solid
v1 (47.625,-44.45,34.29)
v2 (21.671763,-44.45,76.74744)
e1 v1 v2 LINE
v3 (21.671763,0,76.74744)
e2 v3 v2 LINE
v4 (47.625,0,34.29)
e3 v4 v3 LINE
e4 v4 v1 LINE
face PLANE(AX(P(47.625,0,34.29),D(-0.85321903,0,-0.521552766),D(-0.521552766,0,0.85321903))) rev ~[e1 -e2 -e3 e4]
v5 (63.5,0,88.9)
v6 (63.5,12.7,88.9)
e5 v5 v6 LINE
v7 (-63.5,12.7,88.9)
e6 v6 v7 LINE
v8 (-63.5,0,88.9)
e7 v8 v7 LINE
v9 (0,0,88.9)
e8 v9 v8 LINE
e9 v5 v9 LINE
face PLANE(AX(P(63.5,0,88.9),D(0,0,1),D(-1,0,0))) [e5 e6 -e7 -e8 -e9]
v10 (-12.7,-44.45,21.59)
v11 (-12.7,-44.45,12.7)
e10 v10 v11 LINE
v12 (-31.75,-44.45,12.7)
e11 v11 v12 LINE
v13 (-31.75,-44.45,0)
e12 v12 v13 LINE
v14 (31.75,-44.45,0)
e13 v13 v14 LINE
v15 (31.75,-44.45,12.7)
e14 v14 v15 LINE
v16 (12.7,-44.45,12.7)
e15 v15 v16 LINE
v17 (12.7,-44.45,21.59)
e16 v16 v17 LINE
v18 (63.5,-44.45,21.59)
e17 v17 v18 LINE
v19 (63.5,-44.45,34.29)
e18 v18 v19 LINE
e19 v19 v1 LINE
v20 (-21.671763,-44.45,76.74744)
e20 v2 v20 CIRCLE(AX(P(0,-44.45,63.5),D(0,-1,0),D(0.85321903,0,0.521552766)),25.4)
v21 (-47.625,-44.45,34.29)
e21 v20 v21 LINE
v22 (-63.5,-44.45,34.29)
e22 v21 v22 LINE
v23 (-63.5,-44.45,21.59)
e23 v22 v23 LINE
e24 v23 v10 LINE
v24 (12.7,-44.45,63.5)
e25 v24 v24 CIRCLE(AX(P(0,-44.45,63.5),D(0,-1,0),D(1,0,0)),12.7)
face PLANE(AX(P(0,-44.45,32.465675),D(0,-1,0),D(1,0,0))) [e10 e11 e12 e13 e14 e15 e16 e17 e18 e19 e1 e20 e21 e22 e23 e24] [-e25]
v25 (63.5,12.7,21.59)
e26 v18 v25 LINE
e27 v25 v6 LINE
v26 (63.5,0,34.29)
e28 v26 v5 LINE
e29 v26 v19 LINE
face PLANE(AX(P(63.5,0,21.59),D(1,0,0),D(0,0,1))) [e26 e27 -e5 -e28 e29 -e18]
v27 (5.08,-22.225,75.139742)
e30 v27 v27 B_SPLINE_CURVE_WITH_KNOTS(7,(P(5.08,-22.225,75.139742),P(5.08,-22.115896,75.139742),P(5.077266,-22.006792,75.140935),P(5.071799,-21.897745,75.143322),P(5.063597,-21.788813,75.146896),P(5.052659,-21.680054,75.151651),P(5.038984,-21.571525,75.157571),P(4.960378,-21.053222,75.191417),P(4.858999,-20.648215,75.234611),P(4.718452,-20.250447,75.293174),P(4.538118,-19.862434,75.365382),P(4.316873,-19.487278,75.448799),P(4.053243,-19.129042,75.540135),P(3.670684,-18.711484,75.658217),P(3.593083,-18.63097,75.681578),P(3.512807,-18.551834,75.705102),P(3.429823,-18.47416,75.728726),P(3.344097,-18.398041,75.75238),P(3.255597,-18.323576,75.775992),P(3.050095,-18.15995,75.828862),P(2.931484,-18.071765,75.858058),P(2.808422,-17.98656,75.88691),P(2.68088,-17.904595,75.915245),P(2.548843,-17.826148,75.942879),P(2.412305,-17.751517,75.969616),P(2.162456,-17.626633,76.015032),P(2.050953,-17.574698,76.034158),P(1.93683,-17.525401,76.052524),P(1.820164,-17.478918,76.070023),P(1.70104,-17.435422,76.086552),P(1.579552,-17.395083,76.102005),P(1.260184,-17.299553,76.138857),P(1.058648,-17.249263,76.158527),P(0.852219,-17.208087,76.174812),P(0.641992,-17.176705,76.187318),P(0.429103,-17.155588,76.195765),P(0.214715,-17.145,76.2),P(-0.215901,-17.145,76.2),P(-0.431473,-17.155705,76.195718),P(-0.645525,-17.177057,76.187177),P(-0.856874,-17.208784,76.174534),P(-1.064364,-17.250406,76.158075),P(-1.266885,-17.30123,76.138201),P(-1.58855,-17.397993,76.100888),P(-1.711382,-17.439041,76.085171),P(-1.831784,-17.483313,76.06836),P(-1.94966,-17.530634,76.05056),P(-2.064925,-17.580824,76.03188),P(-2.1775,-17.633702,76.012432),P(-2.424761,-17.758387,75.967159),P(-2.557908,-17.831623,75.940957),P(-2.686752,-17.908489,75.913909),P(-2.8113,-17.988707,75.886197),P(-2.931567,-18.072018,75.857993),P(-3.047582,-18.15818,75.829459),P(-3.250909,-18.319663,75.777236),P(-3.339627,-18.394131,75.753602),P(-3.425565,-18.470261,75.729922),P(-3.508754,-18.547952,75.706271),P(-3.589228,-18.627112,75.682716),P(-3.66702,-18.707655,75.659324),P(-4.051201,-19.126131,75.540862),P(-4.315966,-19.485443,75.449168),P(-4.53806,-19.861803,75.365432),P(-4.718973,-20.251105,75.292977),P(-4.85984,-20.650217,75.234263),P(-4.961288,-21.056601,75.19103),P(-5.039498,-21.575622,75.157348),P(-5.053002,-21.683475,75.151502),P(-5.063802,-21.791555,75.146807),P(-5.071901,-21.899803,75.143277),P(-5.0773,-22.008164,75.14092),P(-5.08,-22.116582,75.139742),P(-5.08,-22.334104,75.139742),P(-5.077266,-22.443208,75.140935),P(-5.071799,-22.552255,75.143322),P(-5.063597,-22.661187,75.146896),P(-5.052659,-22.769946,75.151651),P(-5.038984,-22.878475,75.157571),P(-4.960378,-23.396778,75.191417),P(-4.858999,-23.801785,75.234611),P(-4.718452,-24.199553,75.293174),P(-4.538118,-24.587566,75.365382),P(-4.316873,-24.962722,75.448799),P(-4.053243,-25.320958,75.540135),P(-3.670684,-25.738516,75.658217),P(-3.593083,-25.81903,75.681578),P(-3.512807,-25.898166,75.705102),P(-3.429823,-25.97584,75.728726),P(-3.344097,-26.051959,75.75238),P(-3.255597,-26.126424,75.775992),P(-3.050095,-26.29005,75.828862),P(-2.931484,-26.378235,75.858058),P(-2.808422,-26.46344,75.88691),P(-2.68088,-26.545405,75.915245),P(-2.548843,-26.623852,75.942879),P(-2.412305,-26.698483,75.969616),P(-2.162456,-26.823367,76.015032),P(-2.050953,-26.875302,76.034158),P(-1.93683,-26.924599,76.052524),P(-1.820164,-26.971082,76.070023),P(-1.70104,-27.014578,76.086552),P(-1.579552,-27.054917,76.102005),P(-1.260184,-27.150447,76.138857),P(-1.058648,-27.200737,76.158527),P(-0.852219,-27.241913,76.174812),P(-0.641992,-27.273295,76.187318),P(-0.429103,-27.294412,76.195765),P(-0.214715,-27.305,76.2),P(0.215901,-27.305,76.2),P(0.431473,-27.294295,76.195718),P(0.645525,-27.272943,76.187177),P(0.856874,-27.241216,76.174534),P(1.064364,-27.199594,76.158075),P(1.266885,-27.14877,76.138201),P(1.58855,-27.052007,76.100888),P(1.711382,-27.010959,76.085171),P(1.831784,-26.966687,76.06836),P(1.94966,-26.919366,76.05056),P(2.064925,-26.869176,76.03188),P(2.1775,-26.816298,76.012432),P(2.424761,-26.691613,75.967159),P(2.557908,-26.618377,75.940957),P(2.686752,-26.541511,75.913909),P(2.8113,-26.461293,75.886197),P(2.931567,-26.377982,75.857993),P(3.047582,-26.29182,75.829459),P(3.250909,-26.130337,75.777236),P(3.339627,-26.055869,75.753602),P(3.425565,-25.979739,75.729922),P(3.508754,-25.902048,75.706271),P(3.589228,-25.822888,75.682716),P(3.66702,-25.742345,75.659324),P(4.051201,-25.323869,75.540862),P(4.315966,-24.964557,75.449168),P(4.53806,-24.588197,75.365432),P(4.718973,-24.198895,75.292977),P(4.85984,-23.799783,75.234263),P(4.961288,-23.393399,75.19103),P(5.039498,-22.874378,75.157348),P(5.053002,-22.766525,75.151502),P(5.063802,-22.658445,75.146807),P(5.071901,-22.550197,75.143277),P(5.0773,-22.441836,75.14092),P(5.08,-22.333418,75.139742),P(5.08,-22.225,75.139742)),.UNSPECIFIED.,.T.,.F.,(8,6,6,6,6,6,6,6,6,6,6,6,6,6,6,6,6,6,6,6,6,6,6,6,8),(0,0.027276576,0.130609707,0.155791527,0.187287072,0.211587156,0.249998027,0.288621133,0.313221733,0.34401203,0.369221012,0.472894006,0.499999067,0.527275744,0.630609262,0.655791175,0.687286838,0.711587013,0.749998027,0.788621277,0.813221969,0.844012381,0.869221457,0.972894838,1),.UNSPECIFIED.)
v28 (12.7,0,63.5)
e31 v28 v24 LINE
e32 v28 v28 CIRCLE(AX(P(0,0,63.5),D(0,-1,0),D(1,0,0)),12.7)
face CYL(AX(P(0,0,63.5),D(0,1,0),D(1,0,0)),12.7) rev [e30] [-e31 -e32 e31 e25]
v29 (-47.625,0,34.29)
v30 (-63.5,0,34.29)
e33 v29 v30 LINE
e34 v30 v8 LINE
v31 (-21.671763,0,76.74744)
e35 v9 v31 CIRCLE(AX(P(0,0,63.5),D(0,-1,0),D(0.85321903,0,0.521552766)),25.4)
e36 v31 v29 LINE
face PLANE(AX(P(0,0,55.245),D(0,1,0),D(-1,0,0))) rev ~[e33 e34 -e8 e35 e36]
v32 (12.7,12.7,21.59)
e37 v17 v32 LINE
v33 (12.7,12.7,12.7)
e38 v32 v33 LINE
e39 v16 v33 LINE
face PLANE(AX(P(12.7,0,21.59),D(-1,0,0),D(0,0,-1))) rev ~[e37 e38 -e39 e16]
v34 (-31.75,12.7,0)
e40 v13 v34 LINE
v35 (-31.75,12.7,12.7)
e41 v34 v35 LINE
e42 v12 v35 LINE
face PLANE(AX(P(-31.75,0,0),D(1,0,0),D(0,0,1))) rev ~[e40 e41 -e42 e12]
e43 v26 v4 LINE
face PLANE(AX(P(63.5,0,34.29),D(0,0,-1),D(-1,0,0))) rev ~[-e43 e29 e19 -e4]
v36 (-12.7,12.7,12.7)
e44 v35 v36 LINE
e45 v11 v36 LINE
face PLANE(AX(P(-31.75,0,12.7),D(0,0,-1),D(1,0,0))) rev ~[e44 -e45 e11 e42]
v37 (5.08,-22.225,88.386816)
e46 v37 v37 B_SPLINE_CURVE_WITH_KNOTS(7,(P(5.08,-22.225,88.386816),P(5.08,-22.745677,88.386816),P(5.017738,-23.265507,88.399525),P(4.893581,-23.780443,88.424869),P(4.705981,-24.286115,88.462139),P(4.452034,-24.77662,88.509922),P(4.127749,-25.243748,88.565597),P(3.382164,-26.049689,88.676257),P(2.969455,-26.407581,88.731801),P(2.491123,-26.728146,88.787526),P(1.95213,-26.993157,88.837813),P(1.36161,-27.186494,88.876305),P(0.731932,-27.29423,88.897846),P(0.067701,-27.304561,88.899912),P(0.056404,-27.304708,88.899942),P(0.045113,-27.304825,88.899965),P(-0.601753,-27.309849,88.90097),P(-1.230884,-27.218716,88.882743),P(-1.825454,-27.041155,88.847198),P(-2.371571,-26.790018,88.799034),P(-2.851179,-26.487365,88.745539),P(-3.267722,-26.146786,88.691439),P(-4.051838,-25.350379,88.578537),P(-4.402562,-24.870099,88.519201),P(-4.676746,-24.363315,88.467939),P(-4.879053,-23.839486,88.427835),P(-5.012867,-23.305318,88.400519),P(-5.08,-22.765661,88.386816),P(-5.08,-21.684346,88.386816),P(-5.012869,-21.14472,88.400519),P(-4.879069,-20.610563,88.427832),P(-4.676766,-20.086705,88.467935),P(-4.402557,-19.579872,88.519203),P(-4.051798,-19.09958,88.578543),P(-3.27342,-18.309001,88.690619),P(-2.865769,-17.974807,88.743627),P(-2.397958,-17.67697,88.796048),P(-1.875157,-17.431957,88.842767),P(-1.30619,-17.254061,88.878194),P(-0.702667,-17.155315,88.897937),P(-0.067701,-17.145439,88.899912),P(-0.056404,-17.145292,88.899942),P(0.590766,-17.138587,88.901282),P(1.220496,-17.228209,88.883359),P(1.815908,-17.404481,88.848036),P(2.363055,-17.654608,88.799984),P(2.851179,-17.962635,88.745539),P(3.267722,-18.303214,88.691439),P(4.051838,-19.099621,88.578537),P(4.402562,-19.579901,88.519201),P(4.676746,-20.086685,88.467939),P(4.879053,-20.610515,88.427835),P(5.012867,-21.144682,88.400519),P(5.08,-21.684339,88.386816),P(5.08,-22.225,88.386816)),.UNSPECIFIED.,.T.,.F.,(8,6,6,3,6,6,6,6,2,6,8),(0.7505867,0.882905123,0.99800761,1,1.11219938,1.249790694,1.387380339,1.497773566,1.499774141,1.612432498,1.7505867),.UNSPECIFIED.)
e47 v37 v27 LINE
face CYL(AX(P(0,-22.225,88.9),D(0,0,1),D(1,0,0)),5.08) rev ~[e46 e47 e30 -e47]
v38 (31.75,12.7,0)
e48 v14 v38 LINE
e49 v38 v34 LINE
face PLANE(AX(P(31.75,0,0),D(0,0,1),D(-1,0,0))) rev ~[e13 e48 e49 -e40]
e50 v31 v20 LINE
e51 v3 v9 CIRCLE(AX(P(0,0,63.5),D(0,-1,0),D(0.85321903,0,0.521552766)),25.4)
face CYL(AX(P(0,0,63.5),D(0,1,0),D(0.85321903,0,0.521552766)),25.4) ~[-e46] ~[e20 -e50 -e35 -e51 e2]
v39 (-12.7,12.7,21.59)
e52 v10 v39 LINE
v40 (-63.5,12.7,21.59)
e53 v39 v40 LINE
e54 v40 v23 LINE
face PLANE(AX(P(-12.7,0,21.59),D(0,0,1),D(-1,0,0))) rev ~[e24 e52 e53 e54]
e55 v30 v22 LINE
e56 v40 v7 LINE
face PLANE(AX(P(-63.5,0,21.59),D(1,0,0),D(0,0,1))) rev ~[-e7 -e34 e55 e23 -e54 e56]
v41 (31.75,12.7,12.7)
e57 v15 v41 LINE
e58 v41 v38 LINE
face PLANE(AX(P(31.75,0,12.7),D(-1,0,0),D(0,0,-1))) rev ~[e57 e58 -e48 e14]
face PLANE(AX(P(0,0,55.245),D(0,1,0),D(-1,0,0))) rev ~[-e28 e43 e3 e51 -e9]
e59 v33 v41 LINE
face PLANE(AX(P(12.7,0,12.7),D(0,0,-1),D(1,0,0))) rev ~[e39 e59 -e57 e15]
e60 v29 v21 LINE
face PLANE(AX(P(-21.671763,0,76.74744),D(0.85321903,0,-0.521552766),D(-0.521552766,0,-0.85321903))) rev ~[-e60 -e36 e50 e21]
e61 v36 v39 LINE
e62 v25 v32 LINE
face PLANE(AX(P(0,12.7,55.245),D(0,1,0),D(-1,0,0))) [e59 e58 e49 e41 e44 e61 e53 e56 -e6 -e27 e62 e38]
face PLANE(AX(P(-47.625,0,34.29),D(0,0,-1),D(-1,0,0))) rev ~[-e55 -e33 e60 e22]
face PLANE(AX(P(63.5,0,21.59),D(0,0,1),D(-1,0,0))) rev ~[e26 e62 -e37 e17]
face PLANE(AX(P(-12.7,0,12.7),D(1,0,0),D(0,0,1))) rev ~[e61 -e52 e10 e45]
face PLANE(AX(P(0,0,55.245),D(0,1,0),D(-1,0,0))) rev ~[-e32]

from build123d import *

# Parameters (mm, degrees)
F0_R     = 12.7
F1_DEPTH = 44.45
F2_W     = 127
F2_H     = 67.31
F3_DEPTH = 12.7
F4_R     = 5.08
F5_DEPTH = 13.7612578348


with BuildPart() as f1:
    # F0 (on Front) → F1 (new body)
    with BuildSketch(Plane.XZ):
        with BuildLine():
            Line((-31.75, 12.7), (-31.75, 0))
            Line((-31.75, 0), (31.75, 0))
            Line((31.75, 0), (31.75, 12.7))
            Line((31.75, 12.7), (12.7, 12.7))
            Line((12.7, 12.7), (12.7, 21.59))
            Line((12.7, 21.59), (63.5, 21.59))
            Line((63.5, 21.59), (63.5, 34.29))
            Line((63.5, 34.29), (47.625, 34.29))
            Line((47.625, 34.29), (21.6717633531, 76.7474402496))
            ThreePointArc((21.6717633531, 76.7474402496), (0, 88.9), (-21.6717633531, 76.7474402496))
            Line((-21.6717633531, 76.7474402496), (-47.625, 34.29))
            Line((-47.625, 34.29), (-63.5, 34.29))
            Line((-63.5, 34.29), (-63.5, 21.59))
            Line((-63.5, 21.59), (-12.7, 21.59))
            Line((-12.7, 21.59), (-12.7, 12.7))
            Line((-12.7, 12.7), (-31.75, 12.7))
        make_face()
        with Locations((0, 63.5)):
            Circle(F0_R, mode=Mode.SUBTRACT)
    extrude(amount=F1_DEPTH)

    # F2 (on face) → F3 (join)
    with BuildSketch(Plane(origin=(0, 0, 0), x_dir=(-1, 0, 0), z_dir=(0, 1, 0))):
        with Locations((0, 55.245)):
            Rectangle(F2_W, F2_H)
        Polygon((12.7, 21.59), (-12.7, 21.59), (-12.7, 12.7), (-31.75, 12.7), (-31.75, 0), (31.75, 0), (31.75, 12.7), (12.7, 12.7), align=None)
    extrude(amount=F3_DEPTH)

    # F4 (on face) → F5 (cut, through all)
    with BuildSketch(Plane.XY.offset(88.9)):
        with Locations((0, -22.225)):
            Circle(F4_R)
    extrude(amount=-F5_DEPTH, mode=Mode.SUBTRACT)


solid = f1.part
